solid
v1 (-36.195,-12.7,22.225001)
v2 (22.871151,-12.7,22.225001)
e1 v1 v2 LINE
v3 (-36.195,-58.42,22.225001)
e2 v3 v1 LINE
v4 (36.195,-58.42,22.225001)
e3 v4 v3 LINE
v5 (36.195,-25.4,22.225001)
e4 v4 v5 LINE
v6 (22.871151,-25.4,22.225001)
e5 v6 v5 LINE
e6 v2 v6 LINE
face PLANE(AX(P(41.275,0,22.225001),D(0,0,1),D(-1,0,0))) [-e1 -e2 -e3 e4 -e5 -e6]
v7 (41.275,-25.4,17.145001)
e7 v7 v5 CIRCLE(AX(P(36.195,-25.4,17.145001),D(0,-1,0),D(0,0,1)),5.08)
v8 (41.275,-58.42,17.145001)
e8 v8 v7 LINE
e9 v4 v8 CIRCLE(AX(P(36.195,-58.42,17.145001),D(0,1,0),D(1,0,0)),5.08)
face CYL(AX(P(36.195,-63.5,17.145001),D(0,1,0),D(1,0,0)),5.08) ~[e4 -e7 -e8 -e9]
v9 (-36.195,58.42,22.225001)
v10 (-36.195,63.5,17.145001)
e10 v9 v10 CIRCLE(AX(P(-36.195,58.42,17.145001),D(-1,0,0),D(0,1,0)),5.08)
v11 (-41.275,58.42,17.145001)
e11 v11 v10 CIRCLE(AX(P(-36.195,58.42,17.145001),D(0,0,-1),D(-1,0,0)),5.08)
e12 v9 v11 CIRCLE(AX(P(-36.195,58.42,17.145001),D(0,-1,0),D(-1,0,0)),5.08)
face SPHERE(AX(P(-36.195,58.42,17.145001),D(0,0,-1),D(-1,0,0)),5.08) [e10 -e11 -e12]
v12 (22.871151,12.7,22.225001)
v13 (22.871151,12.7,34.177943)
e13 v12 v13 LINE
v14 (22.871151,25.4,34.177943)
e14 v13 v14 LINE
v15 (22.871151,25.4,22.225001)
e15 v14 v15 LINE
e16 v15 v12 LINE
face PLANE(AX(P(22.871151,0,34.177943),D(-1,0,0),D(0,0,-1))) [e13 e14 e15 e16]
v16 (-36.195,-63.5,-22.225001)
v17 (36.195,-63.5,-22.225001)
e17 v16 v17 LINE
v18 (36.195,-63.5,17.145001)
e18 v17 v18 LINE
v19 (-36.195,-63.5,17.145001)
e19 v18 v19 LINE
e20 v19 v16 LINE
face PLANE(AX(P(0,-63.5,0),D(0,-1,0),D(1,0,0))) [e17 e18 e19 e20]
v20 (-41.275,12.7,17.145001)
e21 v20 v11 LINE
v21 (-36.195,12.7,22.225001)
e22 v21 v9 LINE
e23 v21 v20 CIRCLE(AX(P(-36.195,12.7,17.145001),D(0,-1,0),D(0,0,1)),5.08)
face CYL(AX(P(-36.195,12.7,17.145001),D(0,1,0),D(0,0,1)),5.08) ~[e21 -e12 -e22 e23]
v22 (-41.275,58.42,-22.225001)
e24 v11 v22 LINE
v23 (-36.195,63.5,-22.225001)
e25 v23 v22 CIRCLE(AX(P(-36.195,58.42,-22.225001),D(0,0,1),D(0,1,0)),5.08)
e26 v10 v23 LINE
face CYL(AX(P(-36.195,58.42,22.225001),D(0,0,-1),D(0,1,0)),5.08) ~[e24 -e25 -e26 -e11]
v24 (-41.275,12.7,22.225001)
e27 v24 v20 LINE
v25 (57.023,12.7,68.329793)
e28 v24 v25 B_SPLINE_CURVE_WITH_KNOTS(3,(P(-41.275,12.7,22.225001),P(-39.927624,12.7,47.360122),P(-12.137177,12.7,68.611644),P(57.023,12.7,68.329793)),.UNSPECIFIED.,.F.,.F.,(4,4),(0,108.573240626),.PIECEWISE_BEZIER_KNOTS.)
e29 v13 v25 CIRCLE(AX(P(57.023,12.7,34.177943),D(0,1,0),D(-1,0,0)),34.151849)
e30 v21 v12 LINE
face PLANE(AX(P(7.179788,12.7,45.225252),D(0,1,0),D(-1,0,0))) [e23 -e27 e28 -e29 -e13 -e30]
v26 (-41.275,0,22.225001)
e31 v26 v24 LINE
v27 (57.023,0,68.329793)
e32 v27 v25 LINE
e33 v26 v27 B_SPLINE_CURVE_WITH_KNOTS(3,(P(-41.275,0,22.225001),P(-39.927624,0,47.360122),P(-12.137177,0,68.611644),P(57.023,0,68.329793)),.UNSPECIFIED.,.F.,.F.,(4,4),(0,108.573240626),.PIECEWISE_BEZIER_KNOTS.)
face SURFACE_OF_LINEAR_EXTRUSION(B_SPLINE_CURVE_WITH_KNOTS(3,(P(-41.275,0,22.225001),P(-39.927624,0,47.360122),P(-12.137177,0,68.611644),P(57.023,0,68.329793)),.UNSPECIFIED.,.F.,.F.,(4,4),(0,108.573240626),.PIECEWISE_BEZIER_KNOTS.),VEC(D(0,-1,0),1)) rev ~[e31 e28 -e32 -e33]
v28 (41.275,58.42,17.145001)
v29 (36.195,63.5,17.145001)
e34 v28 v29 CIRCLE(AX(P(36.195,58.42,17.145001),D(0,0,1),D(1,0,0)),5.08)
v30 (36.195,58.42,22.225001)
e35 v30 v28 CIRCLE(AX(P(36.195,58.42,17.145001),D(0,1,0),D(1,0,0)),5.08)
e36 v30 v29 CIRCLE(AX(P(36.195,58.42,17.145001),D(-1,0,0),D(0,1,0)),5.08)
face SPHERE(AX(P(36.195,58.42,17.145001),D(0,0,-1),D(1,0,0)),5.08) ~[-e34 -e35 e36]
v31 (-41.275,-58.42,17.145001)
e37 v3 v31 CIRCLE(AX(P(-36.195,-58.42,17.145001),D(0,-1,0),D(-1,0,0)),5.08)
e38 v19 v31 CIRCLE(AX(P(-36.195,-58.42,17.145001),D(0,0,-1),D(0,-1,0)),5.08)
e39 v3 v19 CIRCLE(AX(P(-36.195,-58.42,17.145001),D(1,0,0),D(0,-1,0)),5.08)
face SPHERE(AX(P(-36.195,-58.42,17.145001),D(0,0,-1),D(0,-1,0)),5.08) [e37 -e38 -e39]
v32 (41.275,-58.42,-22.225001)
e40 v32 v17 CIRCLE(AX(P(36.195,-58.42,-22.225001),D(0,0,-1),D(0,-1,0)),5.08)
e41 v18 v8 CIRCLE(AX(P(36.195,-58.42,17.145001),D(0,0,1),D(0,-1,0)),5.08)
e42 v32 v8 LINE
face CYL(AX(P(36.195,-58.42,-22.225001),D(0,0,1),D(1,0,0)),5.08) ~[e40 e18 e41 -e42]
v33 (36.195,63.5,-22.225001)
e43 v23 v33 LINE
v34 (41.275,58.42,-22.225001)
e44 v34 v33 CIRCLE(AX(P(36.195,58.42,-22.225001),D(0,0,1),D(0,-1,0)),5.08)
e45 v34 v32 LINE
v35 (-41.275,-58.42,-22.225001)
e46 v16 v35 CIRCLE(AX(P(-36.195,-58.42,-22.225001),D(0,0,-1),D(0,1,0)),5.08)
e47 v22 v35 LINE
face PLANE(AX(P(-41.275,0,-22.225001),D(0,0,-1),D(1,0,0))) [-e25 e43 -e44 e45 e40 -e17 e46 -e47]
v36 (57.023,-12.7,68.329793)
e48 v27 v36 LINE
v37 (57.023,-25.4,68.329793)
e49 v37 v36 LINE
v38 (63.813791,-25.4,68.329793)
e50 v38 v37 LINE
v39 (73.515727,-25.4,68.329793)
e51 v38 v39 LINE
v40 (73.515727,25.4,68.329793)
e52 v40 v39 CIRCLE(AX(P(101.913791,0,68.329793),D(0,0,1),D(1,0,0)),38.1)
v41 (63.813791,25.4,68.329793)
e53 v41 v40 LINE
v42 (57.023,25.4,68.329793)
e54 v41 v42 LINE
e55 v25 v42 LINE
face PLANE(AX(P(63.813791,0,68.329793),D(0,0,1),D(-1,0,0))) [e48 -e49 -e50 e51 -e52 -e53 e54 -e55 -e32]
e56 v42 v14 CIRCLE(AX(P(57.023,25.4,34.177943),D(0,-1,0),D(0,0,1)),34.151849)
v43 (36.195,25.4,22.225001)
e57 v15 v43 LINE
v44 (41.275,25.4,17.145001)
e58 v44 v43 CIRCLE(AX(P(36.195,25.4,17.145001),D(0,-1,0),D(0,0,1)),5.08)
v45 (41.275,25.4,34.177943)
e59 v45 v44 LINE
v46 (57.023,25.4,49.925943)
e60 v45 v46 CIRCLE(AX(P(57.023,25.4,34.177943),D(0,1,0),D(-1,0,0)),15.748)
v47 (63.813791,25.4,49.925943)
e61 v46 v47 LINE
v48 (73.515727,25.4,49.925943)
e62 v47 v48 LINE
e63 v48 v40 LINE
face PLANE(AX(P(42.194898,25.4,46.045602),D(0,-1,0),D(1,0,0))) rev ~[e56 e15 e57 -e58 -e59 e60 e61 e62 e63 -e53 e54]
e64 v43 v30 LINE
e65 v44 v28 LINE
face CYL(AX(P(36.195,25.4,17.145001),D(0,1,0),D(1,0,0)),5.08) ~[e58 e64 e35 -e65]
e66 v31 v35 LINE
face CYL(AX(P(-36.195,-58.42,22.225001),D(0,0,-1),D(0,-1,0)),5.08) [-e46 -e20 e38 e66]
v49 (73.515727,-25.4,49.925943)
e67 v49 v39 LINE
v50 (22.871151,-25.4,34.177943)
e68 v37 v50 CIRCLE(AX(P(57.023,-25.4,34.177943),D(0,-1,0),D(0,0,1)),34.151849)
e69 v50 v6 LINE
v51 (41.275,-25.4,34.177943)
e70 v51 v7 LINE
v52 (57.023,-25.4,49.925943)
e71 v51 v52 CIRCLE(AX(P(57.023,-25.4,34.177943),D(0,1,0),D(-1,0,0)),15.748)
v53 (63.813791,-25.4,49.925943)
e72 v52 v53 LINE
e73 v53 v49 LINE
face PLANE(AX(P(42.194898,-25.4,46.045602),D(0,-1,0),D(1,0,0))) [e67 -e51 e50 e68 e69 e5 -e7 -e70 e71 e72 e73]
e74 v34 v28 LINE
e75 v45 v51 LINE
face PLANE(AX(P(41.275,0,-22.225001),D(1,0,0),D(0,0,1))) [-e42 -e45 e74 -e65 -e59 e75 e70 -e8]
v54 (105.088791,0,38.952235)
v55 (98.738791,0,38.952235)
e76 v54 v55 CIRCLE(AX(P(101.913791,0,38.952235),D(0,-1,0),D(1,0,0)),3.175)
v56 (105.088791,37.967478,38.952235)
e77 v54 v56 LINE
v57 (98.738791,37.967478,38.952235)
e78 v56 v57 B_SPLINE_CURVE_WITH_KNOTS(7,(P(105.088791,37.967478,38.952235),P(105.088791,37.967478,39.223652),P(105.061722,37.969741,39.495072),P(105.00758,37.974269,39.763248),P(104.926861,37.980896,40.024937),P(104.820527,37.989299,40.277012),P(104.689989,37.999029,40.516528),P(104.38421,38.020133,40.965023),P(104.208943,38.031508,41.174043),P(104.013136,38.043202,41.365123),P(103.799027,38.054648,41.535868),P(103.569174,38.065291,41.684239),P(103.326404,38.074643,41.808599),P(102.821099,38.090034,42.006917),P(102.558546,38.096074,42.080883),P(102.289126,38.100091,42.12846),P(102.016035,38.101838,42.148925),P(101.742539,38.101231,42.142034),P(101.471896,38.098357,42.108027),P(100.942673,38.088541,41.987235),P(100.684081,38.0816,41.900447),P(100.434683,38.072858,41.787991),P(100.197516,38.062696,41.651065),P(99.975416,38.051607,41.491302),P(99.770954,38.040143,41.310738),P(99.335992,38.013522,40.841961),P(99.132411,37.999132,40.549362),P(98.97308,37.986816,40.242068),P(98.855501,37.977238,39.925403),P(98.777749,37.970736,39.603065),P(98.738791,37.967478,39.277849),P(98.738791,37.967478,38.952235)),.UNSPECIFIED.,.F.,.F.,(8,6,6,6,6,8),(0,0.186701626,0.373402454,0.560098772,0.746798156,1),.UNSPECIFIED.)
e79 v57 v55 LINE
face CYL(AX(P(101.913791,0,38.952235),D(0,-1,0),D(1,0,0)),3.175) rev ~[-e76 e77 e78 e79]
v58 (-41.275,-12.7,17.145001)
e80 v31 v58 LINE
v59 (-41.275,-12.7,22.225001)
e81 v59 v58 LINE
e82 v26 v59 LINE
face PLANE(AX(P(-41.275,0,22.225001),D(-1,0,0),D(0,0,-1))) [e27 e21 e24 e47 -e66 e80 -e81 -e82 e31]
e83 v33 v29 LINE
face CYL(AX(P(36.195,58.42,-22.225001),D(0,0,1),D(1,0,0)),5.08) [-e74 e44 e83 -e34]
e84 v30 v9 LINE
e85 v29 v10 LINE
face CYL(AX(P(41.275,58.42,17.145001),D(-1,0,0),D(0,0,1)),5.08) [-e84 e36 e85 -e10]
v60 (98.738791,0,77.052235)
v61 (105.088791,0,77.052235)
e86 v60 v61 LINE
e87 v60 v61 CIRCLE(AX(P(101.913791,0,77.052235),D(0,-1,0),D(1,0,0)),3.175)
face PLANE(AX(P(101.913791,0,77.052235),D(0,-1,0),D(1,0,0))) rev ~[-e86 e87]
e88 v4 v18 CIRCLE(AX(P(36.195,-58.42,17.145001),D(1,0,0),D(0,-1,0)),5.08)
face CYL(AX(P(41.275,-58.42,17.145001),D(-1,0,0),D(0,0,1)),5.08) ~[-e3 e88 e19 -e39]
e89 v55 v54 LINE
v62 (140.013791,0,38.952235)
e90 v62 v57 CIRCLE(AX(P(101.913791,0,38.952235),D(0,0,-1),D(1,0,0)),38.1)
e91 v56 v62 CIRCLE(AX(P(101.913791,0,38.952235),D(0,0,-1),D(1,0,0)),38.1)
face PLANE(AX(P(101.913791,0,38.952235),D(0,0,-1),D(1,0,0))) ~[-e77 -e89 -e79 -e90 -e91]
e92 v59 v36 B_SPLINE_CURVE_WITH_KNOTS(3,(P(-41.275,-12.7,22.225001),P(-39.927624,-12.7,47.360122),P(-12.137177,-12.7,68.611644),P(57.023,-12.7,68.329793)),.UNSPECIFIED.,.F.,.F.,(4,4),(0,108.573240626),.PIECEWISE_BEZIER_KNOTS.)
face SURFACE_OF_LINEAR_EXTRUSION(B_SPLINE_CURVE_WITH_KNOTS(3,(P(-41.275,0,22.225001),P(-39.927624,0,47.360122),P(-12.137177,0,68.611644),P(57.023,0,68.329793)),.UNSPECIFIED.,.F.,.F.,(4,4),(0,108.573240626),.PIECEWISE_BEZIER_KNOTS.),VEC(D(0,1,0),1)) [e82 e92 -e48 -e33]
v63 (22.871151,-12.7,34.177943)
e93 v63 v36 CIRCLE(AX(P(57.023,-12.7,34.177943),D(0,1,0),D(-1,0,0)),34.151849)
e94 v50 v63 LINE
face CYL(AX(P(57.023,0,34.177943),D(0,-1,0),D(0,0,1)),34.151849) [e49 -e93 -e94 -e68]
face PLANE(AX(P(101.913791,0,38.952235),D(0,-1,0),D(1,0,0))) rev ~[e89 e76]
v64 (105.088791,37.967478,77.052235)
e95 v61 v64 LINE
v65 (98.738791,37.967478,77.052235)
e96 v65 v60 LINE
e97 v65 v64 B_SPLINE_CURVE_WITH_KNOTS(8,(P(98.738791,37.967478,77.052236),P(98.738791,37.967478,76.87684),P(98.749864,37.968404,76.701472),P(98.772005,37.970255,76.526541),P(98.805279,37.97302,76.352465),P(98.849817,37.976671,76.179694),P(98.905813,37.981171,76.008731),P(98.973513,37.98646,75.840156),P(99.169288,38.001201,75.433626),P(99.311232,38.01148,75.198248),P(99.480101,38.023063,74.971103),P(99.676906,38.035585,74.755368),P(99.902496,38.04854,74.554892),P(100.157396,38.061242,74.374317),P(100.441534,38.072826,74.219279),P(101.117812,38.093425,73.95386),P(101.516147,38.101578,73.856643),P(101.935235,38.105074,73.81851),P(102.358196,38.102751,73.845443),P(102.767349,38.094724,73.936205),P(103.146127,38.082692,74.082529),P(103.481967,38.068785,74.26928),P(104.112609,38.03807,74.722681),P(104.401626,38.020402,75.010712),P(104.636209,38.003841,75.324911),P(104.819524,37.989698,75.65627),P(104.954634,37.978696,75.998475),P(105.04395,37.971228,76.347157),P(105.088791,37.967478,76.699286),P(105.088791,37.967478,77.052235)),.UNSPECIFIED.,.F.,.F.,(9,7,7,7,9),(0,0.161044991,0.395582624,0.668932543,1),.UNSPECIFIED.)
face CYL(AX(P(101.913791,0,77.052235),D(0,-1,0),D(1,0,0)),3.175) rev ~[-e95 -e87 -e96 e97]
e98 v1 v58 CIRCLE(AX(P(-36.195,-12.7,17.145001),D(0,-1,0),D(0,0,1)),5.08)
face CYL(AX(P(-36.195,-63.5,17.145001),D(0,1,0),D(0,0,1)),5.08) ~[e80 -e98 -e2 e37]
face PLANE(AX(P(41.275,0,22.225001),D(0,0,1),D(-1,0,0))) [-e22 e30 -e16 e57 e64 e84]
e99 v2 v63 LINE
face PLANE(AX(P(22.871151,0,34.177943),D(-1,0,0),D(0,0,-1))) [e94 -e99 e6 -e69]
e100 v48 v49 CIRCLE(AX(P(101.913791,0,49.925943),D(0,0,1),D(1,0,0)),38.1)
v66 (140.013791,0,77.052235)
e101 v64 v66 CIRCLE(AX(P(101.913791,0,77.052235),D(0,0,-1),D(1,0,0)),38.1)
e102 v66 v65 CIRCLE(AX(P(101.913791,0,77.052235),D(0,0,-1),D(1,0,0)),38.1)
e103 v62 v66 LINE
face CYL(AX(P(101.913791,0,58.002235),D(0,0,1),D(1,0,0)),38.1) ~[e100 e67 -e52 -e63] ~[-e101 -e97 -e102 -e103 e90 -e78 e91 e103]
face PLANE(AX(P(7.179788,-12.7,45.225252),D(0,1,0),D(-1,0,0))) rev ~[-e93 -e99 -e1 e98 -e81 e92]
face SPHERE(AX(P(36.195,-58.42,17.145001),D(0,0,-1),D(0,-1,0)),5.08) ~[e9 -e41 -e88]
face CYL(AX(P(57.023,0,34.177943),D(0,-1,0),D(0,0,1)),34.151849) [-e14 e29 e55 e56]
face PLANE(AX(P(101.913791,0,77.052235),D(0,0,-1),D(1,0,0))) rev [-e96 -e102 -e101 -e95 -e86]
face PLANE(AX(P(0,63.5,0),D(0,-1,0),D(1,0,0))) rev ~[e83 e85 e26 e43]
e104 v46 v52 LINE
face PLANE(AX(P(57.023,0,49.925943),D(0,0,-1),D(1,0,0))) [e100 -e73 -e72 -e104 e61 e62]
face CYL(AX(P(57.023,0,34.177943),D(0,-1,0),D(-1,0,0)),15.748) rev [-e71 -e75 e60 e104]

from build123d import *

# Parameters (mm, degrees)
F1_DEPTH = 63.5
F2_DEPTH = 12.7
F0_W     = 37.7701045194
F0_H     = 18.4038491807
F3_DEPTH = 25.4
F0_W_2   = 38.1
F0_H_2   = 38.1
F5_R     = 5.08
F6_D     = 6.35
F6_DEPTH = 63.501


with BuildPart() as f1:
    # F0 (on Front) → F1 (new body, symmetric)
    with BuildSketch(Plane.XZ):
        Polygon((22.8711508193, 22.2250013784), (-41.275, 22.2250013784), (-41.275, -22.2250013784), (41.275, -22.2250013784), (41.275, 22.2250013784), align=None)
    extrude(amount=F1_DEPTH, both=True)

    # F0 (on Front) → F2 (join, symmetric)
    with BuildSketch(Plane.XZ):
        with BuildLine():
            add(Edge.make_bspline(
                [(-41.275, 22.2250013784), (-39.927624166, 47.3601222038), (-12.1371774003, 68.6116442084), (57.023, 68.3297926274)],
                knots=[0, 0, 0, 0, 108.5732406264, 108.5732406264, 108.5732406264, 108.5732406264], degree=3))
            Line((-41.275, 22.2250013784), (22.8711508193, 22.2250013784))
            Line((22.8711508193, 22.2250013784), (22.8711508193, 34.1779434467))
            ThreePointArc((22.8711508193, 34.1779434467), (32.8739958543, 58.3269475924), (57.023, 68.3297926274))
        make_face()
    extrude(amount=F2_DEPTH, both=True)

    # F0 (on Front) → F3 (join, symmetric)
    with BuildSketch(Plane.XZ):
        with BuildLine():
            Line((22.8711508193, 34.1779434467), (22.8711508193, 22.2250013784))
            Line((22.8711508193, 22.2250013784), (41.275, 22.2250013784))
            Line((41.275, 22.2250013784), (41.275, 34.1779434467))
            ThreePointArc((41.275, 34.1779434467), (45.8874824099, 45.3134610369), (57.023, 49.9259434467))
            Line((57.023, 49.9259434467), (63.813790679, 49.9259434467))
            Line((63.813790679, 49.9259434467), (63.813790679, 68.3297926274))
            Line((63.813790679, 68.3297926274), (57.023, 68.3297926274))
            ThreePointArc((57.023, 68.3297926274), (32.8739958543, 58.3269475924), (22.8711508193, 34.1779434467))
        make_face()
        with Locations((82.6988429387, 59.1278680371)):
            Rectangle(F0_W, F0_H)
    extrude(amount=F3_DEPTH, both=True)

    # F0 (on Front) → F4 (revolve)
    with BuildSketch(Plane.XZ):
        with Locations((120.963790679, 58.0022351325)):
            Rectangle(F0_W_2, F0_H_2)
    revolve(axis=Axis((101.913790679, 0, 58.0022351325), (0, 0, -1)))

    # F5
    f5_edges = [f1.edges().sort_by_distance(p)[0] for p in [
        (41.275, -63.5, 0),
        (41.275, 63.5, 0),
        (-41.275, 63.5, 0),
        (-41.275, -63.5, 0),
        (0, -63.5, 22.225001),
        (-41.275, -38.1, 22.225001),
        (-41.275, 38.1, 22.225001),
        (41.275, -44.45, 22.225001),
        (41.275, 44.45, 22.225001),
        (0, 63.5, 22.225001),
    ]]
    fillet(f5_edges, radius=F5_R)

    # F6 (through all, one way)
    with BuildSketch(Plane.XZ):
        with Locations((101.913790679, 77.0522351325), (101.913790679, 38.9522351325)):
            Circle(F6_D / 2)
    extrude(amount=-F6_DEPTH, mode=Mode.SUBTRACT)


solid = f1.part
